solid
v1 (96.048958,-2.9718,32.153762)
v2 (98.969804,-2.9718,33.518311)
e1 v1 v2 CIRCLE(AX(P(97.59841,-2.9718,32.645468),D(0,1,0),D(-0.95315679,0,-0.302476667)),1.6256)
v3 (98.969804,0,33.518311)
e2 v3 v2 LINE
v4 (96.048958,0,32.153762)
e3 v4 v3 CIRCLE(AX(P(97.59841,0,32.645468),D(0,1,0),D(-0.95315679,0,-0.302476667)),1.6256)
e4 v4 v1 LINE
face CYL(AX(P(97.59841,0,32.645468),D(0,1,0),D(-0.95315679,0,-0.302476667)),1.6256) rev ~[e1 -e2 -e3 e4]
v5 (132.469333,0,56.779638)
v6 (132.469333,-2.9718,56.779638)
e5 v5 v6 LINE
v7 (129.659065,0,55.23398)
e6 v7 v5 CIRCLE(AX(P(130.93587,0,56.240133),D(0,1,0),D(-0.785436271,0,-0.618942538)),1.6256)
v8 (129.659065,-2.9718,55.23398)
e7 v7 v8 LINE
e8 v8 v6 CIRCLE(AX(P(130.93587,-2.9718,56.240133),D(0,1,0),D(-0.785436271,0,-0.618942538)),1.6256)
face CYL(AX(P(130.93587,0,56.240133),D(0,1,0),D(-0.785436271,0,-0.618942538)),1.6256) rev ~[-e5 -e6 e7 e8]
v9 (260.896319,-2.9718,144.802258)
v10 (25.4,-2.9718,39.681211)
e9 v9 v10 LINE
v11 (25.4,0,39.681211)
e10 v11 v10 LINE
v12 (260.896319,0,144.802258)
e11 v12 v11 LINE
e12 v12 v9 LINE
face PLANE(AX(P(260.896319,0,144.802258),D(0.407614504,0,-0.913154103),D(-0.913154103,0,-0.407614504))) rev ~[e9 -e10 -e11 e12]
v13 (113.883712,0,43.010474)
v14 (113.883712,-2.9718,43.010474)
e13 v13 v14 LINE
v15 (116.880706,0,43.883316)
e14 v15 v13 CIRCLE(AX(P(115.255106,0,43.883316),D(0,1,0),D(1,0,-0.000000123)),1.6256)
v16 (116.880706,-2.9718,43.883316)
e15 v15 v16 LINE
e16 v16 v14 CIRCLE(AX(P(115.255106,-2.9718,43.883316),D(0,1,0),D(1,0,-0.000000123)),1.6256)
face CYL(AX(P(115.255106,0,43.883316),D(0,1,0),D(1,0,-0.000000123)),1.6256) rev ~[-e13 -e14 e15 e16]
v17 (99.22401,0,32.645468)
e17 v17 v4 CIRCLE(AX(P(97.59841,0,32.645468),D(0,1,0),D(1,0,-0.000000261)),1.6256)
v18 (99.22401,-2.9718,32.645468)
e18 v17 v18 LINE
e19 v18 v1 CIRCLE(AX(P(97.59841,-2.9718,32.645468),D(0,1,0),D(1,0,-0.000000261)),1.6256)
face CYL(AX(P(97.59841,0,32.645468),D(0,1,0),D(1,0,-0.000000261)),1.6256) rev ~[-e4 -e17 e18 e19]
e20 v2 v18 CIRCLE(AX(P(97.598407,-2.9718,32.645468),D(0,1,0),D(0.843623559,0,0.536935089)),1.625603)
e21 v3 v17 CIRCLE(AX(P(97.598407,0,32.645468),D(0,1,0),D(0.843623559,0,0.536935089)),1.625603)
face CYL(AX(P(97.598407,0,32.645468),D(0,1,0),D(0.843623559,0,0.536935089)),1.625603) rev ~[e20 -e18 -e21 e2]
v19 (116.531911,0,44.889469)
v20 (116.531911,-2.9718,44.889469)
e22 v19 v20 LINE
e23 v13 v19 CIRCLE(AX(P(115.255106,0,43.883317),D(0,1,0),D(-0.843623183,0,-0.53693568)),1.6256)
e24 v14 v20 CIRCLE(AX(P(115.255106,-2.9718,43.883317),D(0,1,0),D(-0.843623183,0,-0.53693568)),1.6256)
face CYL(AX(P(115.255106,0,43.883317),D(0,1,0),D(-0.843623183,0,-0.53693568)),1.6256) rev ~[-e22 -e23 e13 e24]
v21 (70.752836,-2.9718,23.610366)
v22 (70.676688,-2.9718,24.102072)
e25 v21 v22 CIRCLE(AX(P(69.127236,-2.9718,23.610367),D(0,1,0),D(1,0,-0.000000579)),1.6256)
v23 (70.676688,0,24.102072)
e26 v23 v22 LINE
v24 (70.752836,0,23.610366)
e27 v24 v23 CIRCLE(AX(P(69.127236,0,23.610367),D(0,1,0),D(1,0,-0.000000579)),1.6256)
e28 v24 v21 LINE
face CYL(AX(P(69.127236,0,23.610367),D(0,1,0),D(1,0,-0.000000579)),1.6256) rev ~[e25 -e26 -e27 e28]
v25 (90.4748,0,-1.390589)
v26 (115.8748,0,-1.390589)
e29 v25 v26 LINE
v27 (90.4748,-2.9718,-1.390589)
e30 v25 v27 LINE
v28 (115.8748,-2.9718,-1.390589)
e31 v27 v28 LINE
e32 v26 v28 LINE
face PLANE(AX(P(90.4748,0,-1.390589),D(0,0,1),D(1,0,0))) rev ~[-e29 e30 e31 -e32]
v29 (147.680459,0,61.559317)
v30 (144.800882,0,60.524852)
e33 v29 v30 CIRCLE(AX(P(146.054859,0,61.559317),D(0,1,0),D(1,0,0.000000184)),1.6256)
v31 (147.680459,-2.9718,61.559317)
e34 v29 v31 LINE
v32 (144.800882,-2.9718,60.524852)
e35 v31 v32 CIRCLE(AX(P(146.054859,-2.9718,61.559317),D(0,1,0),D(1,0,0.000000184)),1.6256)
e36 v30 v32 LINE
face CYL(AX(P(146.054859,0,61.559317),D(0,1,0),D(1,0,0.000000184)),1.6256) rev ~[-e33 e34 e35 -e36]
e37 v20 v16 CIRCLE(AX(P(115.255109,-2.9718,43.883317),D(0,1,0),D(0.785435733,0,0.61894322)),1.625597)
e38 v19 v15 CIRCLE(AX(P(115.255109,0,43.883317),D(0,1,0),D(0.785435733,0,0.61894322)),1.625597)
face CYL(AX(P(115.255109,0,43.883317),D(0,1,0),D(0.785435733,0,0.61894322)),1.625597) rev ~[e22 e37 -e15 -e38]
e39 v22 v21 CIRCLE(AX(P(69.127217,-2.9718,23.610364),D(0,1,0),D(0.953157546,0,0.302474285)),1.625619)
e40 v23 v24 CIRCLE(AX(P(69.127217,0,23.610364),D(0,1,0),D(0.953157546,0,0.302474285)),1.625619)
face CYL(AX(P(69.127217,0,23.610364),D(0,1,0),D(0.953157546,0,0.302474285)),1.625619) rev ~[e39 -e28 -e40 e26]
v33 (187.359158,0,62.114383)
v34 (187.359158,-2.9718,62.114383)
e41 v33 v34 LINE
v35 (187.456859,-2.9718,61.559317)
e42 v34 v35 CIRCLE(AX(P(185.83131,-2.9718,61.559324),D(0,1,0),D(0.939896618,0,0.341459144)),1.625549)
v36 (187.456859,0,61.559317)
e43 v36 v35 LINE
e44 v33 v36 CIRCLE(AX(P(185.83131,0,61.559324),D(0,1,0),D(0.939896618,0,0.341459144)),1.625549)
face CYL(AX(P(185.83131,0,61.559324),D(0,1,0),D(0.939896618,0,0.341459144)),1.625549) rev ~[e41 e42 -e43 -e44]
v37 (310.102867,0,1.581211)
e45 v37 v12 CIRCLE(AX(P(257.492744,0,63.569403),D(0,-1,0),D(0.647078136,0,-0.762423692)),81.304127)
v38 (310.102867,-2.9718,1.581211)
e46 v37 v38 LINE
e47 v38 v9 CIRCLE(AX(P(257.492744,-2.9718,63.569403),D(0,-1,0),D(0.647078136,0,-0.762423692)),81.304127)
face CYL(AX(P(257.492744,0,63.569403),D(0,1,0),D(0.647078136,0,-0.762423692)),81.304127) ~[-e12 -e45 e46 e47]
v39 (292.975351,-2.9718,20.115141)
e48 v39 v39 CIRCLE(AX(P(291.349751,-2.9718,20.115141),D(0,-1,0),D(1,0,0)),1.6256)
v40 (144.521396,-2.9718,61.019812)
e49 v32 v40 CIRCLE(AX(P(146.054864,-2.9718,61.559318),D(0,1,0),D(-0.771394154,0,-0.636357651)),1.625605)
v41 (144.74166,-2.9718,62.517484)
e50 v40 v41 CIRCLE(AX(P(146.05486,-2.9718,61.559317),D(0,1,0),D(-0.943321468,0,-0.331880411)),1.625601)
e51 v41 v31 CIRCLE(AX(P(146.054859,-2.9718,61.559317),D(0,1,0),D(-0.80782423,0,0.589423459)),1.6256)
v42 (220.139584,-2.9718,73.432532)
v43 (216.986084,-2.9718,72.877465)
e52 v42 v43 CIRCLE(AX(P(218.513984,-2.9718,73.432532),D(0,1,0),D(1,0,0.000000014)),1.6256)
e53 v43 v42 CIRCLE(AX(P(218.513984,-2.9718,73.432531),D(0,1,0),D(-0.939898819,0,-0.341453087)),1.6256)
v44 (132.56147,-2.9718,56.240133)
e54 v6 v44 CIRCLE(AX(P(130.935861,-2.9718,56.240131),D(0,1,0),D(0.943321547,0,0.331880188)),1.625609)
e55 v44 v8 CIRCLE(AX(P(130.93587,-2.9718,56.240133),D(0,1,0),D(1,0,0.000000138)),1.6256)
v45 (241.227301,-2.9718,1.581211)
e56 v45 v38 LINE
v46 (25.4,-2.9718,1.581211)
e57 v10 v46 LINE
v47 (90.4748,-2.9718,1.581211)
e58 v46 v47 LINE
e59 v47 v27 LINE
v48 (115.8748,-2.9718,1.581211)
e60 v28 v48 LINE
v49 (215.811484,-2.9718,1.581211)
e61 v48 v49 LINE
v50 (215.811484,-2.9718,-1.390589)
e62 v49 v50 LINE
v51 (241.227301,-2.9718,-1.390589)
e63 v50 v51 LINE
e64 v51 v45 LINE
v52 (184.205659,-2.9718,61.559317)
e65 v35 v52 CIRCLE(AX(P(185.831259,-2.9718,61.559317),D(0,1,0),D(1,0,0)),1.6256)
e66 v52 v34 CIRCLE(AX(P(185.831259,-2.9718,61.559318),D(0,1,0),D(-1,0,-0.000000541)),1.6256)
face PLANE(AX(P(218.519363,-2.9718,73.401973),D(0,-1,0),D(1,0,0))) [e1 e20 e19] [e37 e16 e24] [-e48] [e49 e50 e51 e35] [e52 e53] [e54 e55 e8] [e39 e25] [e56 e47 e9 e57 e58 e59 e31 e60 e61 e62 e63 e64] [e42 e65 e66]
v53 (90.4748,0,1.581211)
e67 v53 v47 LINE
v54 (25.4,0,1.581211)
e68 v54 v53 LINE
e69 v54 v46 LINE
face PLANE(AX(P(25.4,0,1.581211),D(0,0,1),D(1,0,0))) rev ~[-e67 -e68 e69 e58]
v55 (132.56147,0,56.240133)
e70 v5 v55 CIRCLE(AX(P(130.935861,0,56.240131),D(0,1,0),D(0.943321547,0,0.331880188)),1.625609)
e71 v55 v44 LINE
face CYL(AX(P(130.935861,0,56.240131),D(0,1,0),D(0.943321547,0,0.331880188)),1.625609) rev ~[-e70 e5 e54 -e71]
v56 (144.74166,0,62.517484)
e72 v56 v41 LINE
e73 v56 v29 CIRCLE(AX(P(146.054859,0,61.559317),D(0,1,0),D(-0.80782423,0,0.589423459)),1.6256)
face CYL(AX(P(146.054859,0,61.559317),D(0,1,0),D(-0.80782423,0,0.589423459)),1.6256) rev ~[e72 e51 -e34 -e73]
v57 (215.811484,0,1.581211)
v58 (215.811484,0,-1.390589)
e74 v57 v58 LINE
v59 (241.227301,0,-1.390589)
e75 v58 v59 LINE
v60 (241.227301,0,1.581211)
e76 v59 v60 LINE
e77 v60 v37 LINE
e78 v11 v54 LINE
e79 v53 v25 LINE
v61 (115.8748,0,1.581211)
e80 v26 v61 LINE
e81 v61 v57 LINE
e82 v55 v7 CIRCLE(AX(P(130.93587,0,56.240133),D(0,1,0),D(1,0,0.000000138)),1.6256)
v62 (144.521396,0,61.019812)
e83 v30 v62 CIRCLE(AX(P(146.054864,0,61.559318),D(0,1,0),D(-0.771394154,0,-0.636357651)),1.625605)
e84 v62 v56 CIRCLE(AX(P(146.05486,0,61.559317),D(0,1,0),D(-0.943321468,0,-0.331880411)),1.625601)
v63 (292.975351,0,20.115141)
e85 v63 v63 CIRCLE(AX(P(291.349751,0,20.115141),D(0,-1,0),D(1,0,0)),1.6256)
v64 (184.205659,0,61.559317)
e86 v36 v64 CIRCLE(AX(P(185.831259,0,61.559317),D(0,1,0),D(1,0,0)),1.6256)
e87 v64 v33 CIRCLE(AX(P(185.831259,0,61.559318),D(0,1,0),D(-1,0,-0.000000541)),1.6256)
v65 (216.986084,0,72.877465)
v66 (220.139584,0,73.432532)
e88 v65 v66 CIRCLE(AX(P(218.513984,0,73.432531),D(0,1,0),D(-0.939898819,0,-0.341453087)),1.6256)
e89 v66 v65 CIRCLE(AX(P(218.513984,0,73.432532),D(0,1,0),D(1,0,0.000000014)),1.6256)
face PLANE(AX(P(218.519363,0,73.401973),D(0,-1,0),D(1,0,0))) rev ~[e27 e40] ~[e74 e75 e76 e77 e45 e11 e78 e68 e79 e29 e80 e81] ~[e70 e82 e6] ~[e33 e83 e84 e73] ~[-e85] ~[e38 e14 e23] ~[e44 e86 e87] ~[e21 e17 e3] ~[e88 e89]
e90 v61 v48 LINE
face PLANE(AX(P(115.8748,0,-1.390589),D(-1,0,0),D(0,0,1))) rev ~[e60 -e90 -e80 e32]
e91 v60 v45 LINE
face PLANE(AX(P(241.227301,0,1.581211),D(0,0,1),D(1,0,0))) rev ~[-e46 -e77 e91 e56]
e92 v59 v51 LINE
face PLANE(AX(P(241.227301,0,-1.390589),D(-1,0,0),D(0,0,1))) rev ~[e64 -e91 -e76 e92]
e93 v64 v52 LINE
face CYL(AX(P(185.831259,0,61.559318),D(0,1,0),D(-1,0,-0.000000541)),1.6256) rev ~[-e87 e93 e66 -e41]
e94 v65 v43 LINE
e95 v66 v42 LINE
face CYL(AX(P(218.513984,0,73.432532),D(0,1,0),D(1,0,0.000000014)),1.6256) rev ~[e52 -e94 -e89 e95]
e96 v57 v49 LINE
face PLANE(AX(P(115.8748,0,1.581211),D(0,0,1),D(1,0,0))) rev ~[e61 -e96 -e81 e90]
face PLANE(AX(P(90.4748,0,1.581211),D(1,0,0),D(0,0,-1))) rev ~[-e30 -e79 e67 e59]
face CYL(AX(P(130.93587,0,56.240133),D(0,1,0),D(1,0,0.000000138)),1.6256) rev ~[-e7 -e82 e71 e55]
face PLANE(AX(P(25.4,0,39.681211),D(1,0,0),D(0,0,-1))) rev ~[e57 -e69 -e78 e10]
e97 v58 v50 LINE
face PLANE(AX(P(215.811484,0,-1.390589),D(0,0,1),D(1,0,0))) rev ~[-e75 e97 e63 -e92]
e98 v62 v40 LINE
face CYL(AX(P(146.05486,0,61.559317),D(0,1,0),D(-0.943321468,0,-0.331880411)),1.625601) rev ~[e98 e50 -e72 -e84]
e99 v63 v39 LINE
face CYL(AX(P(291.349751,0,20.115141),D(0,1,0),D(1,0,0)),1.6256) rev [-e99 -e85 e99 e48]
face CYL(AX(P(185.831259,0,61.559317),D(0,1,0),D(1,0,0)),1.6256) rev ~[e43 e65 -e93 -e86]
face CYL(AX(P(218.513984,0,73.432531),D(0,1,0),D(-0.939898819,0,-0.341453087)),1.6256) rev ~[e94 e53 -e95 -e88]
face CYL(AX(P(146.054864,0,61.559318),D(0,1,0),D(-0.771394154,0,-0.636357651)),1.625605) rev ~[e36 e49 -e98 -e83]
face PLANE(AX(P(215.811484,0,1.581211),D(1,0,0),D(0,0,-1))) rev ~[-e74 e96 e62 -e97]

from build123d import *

# Parameters (mm, degrees)
F0_R     = 1.6256
F1_DEPTH = 2.9718


with BuildPart() as f1:
    # F0 (on Front) → F1 (new body)
    with BuildSketch(Plane.XZ):
        with BuildLine():
            ThreePointArc((216.986084, 72.877465), (218.795783, 71.831543), (220.139584, 73.432532))
            ThreePointArc((220.139584, 73.432532), (218.232184, 75.03352), (216.986084, 72.877465))
        make_face()
        with BuildLine():
            ThreePointArc((70.752836, 23.610366), (70.733686, 23.85915), (70.676688, 24.102072))
            ThreePointArc((70.676688, 24.102072), (67.520786, 23.361582), (70.752836, 23.610366))
        make_face()
        with BuildLine():
            Line((260.896319, 144.802258), (25.4, 39.681211))
            Line((25.4, 39.681211), (25.4, 1.581211))
            Line((25.4, 1.581211), (90.4748, 1.581211))
            Line((90.4748, 1.581211), (90.4748, -1.390589))
            Line((90.4748, -1.390589), (115.8748, -1.390589))
            Line((115.8748, -1.390589), (115.8748, 1.581211))
            Line((115.8748, 1.581211), (215.811484, 1.581211))
            Line((215.811484, 1.581211), (215.811484, -1.390589))
            Line((215.811484, -1.390589), (241.227301, -1.390589))
            Line((241.227301, -1.390589), (241.227301, 1.581211))
            Line((241.227301, 1.581211), (310.102867, 1.581211))
            ThreePointArc((310.102867, 1.581211), (334.385206, 89.987396), (260.896319, 144.802258))
        make_face()
        with BuildLine():
            ThreePointArc((70.752836, 23.610366), (67.520786, 23.361582), (70.676688, 24.102072))
            ThreePointArc((70.676688, 24.102072), (70.733686, 23.85915), (70.752836, 23.610366))
        make_face(mode=Mode.SUBTRACT)
        with BuildLine():
            ThreePointArc((96.048958, 32.153762), (96.910351, 34.118272), (98.969804, 33.518311))
            ThreePointArc((98.969804, 33.518311), (99.159165, 33.100022), (99.22401, 32.645468))
            ThreePointArc((99.22401, 32.645468), (97.847193, 31.039018), (96.048958, 32.153762))
        make_face(mode=Mode.SUBTRACT)
        with BuildLine():
            ThreePointArc((113.883712, 43.010474), (114.314419, 45.209093), (116.531911, 44.889469))
            ThreePointArc((116.531911, 44.889469), (116.791034, 44.415764), (116.880706, 43.883316))
            ThreePointArc((116.880706, 43.883316), (115.709659, 42.322561), (113.883712, 43.010474))
        make_face(mode=Mode.SUBTRACT)
        with BuildLine():
            ThreePointArc((129.659065, 55.23398), (130.152459, 57.664507), (132.469333, 56.779638))
            ThreePointArc((132.469333, 56.779638), (132.53827, 56.513791), (132.56147, 56.240133))
            ThreePointArc((132.56147, 56.240133), (131.468318, 54.704205), (129.659065, 55.23398))
        make_face(mode=Mode.SUBTRACT)
        with BuildLine():
            ThreePointArc((144.74166, 62.517484), (146.558763, 63.104845), (147.680459, 61.559317))
            ThreePointArc((147.680459, 61.559317), (146.604455, 60.029441), (144.800882, 60.524852))
            ThreePointArc((144.800882, 60.524852), (144.639337, 60.760022), (144.521396, 61.019812))
            ThreePointArc((144.521396, 61.019812), (144.44656, 61.795852), (144.74166, 62.517484))
        make_face(mode=Mode.SUBTRACT)
        with Locations((291.349751, 20.115141)):
            Circle(F0_R, mode=Mode.SUBTRACT)
        with BuildLine():
            ThreePointArc((184.205659, 61.559317), (185.549459, 63.160306), (187.359158, 62.114383))
            ThreePointArc((187.359158, 62.114383), (187.432248, 61.841117), (187.456859, 61.559317))
            ThreePointArc((187.456859, 61.559317), (185.831259, 59.933717), (184.205659, 61.559317))
        make_face(mode=Mode.SUBTRACT)
        with BuildLine():
            ThreePointArc((216.986084, 72.877465), (218.232184, 75.03352), (220.139584, 73.432532))
            ThreePointArc((220.139584, 73.432532), (218.795783, 71.831543), (216.986084, 72.877465))
        make_face(mode=Mode.SUBTRACT)
    extrude(amount=F1_DEPTH)


solid = f1.part
